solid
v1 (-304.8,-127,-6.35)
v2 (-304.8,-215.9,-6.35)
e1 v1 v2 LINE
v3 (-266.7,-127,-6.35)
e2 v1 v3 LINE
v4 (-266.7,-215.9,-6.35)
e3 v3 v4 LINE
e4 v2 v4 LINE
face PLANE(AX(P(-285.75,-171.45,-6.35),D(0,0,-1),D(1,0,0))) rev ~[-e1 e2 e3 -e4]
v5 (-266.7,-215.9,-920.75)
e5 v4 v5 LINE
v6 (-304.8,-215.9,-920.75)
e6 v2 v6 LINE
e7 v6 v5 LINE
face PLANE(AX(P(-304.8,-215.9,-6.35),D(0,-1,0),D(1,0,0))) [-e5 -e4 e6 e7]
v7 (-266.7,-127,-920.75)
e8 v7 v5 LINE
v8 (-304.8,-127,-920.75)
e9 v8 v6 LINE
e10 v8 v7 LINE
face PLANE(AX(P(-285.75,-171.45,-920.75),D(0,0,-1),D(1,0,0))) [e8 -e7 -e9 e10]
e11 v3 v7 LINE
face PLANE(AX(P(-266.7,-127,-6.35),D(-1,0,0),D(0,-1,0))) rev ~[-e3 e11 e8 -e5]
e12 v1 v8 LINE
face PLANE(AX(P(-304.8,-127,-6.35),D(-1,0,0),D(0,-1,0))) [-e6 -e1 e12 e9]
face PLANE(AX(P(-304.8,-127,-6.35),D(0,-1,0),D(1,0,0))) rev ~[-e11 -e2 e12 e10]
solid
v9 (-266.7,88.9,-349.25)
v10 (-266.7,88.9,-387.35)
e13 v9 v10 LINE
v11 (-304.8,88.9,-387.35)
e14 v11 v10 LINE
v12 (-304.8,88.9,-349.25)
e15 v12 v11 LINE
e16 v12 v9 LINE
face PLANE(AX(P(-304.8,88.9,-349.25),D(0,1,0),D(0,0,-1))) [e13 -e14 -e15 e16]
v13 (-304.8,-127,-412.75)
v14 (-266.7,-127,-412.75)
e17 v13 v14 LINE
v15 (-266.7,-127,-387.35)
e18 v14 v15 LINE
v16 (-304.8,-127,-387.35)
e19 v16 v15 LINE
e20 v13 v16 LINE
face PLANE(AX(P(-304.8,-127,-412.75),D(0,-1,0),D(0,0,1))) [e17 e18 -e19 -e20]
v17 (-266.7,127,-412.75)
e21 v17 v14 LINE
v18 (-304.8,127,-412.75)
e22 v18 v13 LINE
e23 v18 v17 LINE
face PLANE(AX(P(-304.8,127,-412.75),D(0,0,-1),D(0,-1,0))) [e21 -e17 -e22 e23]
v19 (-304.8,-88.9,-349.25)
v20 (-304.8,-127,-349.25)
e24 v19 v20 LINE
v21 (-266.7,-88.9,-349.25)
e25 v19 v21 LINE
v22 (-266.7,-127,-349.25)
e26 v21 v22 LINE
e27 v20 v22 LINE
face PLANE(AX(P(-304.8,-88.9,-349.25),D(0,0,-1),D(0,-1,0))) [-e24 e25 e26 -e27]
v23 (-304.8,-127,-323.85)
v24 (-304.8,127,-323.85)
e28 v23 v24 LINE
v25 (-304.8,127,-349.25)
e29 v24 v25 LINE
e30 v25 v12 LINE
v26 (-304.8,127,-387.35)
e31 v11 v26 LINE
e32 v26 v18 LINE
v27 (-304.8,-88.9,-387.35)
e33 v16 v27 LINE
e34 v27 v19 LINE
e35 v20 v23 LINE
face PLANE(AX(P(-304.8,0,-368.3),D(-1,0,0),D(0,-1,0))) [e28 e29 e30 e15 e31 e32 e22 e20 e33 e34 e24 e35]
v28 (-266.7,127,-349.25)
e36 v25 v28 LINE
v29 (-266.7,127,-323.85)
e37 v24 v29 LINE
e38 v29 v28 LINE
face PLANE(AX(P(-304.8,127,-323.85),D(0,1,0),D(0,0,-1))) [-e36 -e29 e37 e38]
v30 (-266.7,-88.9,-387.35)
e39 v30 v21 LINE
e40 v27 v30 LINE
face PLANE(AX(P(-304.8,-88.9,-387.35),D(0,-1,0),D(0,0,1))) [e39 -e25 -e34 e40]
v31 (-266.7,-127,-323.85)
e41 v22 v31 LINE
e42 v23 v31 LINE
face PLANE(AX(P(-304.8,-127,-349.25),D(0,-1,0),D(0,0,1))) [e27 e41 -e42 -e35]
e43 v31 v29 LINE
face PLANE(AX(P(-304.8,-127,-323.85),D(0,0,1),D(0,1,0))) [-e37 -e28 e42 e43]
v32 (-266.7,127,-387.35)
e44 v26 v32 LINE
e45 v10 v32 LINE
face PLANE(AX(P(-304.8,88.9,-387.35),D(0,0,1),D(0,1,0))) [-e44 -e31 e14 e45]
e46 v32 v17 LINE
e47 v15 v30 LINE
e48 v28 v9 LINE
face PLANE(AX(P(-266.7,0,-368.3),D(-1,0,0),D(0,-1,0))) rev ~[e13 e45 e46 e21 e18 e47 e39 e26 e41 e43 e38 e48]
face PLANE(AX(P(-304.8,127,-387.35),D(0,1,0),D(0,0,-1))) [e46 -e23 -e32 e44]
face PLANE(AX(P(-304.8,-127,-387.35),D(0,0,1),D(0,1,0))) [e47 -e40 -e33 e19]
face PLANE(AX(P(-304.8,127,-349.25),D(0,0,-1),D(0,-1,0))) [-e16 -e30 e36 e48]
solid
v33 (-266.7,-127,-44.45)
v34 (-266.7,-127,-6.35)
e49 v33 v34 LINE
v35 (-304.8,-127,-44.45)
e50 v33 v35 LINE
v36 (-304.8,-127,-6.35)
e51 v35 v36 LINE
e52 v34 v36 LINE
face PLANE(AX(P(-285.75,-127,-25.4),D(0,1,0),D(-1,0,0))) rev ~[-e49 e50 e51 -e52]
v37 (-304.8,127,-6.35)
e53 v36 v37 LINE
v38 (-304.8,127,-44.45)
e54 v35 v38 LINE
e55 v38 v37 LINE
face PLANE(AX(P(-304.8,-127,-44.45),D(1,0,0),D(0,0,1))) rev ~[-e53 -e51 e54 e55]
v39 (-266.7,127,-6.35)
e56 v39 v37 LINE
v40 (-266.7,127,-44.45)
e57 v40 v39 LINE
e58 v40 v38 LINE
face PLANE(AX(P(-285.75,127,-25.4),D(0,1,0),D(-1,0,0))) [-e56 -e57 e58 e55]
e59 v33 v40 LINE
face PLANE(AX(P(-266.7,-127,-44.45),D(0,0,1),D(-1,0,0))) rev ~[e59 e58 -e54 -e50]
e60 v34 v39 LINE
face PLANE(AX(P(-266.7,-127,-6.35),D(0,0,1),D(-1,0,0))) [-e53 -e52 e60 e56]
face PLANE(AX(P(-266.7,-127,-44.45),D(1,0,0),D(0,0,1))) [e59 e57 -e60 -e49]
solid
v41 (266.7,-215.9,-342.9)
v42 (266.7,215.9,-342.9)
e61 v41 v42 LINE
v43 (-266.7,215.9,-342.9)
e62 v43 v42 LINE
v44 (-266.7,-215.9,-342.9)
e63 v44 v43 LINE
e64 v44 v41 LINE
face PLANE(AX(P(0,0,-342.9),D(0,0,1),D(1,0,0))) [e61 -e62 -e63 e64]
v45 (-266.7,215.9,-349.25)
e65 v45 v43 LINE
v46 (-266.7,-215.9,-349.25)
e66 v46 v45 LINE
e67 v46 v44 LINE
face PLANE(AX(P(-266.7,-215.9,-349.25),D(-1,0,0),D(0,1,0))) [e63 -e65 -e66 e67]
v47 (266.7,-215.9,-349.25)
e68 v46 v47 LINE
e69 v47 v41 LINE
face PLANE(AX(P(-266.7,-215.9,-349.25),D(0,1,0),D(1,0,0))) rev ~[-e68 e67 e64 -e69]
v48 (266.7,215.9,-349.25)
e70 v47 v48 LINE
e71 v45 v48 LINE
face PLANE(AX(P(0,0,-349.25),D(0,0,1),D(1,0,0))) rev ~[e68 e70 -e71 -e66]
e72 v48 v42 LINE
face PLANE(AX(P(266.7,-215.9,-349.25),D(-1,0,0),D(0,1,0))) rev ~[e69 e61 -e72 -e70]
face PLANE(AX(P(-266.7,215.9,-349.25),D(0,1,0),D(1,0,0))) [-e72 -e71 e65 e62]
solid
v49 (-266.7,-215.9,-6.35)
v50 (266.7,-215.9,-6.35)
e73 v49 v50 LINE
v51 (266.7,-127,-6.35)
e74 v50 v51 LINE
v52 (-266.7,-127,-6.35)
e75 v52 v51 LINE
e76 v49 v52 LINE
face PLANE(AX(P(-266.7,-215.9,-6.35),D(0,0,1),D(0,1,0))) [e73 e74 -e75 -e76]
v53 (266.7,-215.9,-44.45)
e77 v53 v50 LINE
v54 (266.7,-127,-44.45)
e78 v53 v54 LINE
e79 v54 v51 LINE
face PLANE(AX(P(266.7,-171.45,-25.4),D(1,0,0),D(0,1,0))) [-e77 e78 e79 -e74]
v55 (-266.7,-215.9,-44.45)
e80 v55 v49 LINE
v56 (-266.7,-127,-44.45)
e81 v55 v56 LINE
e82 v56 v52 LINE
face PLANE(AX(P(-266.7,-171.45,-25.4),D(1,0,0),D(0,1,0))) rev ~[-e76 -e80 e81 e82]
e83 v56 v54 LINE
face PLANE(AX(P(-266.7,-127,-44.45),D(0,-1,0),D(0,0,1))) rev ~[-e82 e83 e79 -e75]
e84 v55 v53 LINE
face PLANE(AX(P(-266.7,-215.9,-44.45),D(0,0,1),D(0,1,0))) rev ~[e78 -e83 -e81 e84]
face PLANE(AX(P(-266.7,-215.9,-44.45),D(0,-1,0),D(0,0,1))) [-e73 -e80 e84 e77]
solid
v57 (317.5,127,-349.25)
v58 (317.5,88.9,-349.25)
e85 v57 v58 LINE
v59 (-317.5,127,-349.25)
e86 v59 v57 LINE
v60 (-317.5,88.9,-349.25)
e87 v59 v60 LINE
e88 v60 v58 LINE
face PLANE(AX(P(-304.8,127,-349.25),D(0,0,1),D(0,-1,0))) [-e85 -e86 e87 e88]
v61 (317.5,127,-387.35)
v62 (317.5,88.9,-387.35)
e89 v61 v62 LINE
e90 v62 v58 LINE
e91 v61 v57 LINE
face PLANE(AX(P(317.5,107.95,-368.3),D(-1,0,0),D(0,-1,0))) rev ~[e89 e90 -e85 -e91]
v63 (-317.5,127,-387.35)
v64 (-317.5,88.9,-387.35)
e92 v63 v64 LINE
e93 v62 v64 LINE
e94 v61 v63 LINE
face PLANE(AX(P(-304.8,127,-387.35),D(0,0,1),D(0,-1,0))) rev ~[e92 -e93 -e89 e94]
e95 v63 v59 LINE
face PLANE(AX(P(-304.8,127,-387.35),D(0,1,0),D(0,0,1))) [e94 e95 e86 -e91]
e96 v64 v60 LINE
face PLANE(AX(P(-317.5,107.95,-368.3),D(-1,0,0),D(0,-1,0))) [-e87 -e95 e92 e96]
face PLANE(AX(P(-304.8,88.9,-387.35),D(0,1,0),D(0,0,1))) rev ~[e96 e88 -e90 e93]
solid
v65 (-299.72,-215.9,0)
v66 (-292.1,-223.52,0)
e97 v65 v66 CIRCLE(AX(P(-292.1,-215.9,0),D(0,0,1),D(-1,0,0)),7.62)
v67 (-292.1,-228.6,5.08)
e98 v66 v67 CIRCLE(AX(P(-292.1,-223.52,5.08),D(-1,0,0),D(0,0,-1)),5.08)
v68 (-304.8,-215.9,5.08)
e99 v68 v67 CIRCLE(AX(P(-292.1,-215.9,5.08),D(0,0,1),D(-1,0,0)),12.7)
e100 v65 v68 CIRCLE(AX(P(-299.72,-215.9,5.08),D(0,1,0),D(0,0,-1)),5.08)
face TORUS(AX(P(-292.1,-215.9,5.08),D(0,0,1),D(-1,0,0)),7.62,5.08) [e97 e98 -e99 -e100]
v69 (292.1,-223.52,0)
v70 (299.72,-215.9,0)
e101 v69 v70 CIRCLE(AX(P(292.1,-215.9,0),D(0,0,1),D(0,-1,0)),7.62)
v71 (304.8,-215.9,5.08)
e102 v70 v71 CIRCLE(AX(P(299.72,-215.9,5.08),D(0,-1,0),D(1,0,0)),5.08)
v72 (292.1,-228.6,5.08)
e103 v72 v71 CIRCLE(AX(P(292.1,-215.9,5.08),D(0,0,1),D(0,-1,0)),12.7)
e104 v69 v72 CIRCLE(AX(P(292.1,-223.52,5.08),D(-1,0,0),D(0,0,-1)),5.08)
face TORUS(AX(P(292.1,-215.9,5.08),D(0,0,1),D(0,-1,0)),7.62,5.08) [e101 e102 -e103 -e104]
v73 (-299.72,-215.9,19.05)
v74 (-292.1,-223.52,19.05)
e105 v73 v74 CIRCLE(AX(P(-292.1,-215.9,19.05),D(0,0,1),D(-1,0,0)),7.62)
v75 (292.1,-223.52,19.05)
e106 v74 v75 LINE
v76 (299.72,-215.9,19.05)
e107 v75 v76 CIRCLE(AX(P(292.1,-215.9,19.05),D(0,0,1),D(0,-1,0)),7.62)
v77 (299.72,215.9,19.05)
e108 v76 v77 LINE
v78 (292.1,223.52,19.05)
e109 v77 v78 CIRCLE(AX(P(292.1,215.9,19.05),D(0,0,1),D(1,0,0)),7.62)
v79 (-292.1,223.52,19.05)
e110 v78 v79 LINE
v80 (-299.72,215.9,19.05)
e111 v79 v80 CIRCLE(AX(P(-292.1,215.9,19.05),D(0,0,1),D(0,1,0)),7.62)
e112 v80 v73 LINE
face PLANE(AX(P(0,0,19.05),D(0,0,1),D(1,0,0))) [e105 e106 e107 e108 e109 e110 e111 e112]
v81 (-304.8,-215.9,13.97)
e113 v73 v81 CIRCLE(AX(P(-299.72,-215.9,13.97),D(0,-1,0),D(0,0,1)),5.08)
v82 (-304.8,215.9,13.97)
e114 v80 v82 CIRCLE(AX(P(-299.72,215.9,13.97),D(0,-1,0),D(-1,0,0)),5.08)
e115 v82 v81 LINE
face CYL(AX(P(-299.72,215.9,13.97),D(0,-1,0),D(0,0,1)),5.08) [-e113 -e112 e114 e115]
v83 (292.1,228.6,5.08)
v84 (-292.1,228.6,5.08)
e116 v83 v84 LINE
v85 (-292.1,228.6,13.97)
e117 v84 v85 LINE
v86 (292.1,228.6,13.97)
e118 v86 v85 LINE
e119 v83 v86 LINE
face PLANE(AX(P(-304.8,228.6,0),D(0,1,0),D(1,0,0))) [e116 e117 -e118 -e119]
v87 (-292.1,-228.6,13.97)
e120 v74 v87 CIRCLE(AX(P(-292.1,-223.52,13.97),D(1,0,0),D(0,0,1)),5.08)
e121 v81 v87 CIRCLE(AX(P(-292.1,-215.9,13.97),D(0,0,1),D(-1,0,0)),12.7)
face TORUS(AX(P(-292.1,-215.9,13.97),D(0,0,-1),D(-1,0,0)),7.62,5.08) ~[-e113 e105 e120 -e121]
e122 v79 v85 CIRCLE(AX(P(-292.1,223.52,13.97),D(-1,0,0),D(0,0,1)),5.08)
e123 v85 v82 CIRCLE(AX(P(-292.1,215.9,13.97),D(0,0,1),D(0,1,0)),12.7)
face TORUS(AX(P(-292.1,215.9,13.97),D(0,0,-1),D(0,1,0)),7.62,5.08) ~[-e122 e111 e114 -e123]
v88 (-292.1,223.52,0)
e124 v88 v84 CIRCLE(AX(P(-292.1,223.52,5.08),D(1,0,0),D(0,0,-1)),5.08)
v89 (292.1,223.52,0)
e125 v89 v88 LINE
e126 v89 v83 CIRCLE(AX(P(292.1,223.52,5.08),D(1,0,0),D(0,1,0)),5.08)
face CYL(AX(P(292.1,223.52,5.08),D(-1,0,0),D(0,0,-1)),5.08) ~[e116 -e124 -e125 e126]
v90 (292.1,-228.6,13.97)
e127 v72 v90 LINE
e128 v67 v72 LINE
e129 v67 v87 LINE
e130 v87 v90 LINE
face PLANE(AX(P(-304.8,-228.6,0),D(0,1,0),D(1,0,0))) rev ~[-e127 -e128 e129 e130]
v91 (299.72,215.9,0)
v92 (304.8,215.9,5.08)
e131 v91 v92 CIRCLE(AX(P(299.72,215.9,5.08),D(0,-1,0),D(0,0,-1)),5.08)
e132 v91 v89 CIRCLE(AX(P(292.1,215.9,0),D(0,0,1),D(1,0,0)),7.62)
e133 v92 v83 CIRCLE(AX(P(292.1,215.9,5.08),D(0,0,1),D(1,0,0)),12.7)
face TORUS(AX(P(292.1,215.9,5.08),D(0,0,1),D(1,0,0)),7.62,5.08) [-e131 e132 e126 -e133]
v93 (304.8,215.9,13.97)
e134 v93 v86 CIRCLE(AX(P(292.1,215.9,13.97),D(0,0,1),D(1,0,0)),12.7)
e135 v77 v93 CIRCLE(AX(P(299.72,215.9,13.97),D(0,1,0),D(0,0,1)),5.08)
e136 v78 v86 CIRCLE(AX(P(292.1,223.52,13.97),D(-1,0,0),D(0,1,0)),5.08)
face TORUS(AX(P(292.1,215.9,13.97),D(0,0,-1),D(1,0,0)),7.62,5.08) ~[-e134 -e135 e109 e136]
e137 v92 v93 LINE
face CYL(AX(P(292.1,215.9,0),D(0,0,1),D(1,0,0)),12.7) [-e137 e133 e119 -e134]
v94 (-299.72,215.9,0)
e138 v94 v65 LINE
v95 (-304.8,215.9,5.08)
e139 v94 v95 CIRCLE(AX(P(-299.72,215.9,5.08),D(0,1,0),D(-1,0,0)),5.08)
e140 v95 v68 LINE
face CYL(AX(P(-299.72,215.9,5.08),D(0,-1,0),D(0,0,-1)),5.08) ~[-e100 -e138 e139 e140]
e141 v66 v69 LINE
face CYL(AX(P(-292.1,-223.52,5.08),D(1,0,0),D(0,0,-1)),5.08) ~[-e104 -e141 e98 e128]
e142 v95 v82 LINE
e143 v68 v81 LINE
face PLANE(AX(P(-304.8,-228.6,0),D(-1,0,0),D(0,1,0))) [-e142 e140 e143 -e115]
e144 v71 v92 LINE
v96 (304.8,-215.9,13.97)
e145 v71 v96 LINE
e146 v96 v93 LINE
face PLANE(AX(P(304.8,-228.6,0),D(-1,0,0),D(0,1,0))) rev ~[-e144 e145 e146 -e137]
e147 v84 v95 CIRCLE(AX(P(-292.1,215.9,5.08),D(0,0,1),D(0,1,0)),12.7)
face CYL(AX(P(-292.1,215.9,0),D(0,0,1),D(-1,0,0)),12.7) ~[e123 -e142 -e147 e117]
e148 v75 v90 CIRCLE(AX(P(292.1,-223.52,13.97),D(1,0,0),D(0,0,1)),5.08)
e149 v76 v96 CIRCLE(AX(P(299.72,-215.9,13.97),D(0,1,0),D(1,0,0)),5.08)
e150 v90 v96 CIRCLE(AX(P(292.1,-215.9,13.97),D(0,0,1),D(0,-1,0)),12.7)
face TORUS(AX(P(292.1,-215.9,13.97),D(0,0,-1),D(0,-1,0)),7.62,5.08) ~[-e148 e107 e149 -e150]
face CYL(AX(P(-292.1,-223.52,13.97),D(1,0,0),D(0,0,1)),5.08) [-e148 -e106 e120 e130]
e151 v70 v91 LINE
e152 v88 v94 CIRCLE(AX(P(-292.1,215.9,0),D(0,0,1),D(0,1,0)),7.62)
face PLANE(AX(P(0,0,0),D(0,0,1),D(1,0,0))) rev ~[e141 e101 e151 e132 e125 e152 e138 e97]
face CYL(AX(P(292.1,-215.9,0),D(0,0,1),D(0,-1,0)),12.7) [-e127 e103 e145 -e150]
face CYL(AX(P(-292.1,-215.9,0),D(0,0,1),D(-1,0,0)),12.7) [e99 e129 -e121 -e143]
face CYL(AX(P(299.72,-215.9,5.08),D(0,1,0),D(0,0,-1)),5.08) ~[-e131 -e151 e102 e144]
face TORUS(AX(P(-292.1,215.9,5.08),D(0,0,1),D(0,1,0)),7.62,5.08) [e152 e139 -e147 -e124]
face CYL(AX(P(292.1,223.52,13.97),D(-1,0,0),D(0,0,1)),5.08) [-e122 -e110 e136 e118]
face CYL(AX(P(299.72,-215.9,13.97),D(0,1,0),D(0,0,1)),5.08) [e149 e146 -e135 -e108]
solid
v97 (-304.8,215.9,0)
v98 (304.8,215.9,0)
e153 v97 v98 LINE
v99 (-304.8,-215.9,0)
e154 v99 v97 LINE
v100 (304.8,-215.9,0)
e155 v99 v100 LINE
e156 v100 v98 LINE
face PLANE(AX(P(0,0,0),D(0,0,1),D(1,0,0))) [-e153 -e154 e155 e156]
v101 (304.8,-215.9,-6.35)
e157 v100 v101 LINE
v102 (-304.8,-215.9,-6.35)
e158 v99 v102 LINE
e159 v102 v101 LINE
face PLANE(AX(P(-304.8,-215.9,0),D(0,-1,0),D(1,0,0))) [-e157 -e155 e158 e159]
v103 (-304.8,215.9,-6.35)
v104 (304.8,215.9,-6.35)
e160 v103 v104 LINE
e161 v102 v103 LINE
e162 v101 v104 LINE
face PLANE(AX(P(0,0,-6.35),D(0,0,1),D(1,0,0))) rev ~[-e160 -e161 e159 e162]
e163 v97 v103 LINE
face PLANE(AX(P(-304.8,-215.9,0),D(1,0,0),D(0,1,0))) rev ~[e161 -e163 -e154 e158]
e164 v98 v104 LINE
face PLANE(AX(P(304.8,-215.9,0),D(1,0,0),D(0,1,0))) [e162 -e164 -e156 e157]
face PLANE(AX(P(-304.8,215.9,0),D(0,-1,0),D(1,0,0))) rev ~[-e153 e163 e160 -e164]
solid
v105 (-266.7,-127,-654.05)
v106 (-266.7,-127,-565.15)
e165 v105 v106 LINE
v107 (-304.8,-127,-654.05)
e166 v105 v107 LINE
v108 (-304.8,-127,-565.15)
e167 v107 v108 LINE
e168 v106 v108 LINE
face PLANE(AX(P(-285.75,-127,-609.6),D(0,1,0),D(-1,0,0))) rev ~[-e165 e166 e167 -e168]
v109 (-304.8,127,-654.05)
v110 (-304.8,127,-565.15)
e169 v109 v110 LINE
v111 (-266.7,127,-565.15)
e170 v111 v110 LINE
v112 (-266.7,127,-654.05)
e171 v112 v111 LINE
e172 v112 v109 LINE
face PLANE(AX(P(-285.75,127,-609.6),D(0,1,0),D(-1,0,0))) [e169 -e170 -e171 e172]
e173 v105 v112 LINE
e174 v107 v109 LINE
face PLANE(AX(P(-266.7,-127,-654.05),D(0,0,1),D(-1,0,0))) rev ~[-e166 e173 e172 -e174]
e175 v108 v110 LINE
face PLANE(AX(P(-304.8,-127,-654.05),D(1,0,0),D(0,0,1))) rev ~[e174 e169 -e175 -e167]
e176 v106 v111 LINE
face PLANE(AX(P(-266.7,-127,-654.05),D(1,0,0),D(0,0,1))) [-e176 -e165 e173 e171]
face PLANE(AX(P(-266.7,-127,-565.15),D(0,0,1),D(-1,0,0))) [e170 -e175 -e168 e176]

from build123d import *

# Parameters (mm, degrees)
F0_W           = 609.6
F0_H           = 431.8
F1_DEPTH       = 6.35
F2_W           = 38.1
F2_H           = 88.9
F3_DEPTH       = 914.4
F4_W           = 88.9
F4_H           = 38.1
F5_DEPTH       = 533.4
F6_W           = 38.1
F6_H           = 38.1
F7_DEPTH       = 254
F8_W           = 38.1
F8_H           = 88.9
F9_DEPTH       = 254
F11_DEPTH      = 38.1
F12_W          = 38.1
F12_H          = 38.1
F13_DEPTH      = 622.3
F13_DEPTH_BACK = 12.7
F14_W          = 533.4
F14_H          = 431.8
F15_DEPTH      = 6.35
F16_W          = 609.6
F16_H          = 457.2
F17_DEPTH      = 19.05
F18_R          = 12.7
F19_R          = 5.08


with BuildPart() as f1:
    # F0 (on Top) → F1 (new body)
    with BuildSketch(Plane.XY):
        Rectangle(F0_W, F0_H)
    extrude(amount=-F1_DEPTH)


with BuildPart() as f3:
    # F2 (on face) → F3 (new body)
    with BuildSketch(Plane(origin=(0, 0, -6.35), x_dir=(1, 0, 0), z_dir=(0, 0, -1))):
        with Locations((-285.75, 171.45)):
            Rectangle(F2_W, F2_H)
    extrude(amount=F3_DEPTH)


with BuildPart() as f5:
    # F4 (on face) → F5 (new body)
    with BuildSketch(Plane.YZ.offset(-266.7)):
        with Locations((-171.45, -25.4)):
            Rectangle(F4_W, F4_H)
    extrude(amount=F5_DEPTH)


with BuildPart() as f7:
    # F6 (on face) → F7 (new body)
    with BuildSketch(Plane(origin=(0, -127, 0), x_dir=(-1, 0, 0), z_dir=(0, 1, 0))):
        with Locations((285.75, -25.4)):
            Rectangle(F6_W, F6_H)
    extrude(amount=F7_DEPTH)


with BuildPart() as f9:
    # F8 (on face) → F9 (new body)
    with BuildSketch(Plane(origin=(0, -127, 0), x_dir=(-1, 0, 0), z_dir=(0, 1, 0))):
        with Locations((285.75, -609.6)):
            Rectangle(F8_W, F8_H)
    extrude(amount=F9_DEPTH)


with BuildPart() as f11:
    # F10 (on face) → F11 (new body)
    with BuildSketch(Plane(origin=(-304.8, 0, 0), x_dir=(0, -1, 0), z_dir=(-1, 0, 0))):
        Polygon((127, -349.25), (127, -323.85), (-127, -323.85), (-127, -349.25), (-88.9, -349.25), (-88.9, -387.35), (-127, -387.35), (-127, -412.75), (127, -412.75), (127, -387.35), (88.9, -387.35), (88.9, -349.25), align=None)
    extrude(amount=-F11_DEPTH)


with BuildPart() as f13:
    # F12 (on face) → F13 (new body, two sides)
    with BuildSketch(Plane(origin=(-304.8, 0, 0), x_dir=(0, -1, 0), z_dir=(-1, 0, 0))) as f13_sk:
        with Locations((-107.95, -368.3)):
            Rectangle(F12_W, F12_H)
    extrude(amount=-F13_DEPTH)
    extrude(f13_sk.sketch, amount=F13_DEPTH_BACK)


with BuildPart() as f15:
    # F14 (on face) → F15 (new body)
    with BuildSketch(Plane.XY.offset(-349.25)):
        Rectangle(F14_W, F14_H)
    extrude(amount=F15_DEPTH)


with BuildPart() as f17:
    # F16 (on face) → F17 (new body)
    with BuildSketch(Plane.XY):
        Rectangle(F16_W, F16_H)
    extrude(amount=F17_DEPTH)

    # F18
    f18_edges = [f17.edges().sort_by_distance(p)[0] for p in [
        (304.8, -228.6, 9.525),
        (-304.8, -228.6, 9.525),
        (-304.8, 228.6, 9.525),
        (304.8, 228.6, 9.525),
    ]]
    fillet(f18_edges, radius=F18_R)

    # F19
    f19_edges = [f17.edges().sort_by_distance(p)[0] for p in [
        (0, -228.6, 0),
        (-301.080256, -224.880256, 0),
        (301.080256, -224.880256, 0),
        (-304.8, 0, 0),
        (304.8, 0, 0),
        (-301.080256, 224.880256, 0),
        (301.080256, 224.880256, 0),
        (0, 228.6, 0),
        (0, -228.6, 19.05),
        (-301.080256, -224.880256, 19.05),
        (301.080256, -224.880256, 19.05),
        (-304.8, 0, 19.05),
        (304.8, 0, 19.05),
        (-301.080256, 224.880256, 19.05),
        (301.080256, 224.880256, 19.05),
        (0, 228.6, 19.05),
    ]]
    fillet(f19_edges, radius=F19_R)


solid = Compound([f1.part, f3.part, f5.part, f7.part, f9.part, f11.part, f13.part, f15.part, f17.part])
